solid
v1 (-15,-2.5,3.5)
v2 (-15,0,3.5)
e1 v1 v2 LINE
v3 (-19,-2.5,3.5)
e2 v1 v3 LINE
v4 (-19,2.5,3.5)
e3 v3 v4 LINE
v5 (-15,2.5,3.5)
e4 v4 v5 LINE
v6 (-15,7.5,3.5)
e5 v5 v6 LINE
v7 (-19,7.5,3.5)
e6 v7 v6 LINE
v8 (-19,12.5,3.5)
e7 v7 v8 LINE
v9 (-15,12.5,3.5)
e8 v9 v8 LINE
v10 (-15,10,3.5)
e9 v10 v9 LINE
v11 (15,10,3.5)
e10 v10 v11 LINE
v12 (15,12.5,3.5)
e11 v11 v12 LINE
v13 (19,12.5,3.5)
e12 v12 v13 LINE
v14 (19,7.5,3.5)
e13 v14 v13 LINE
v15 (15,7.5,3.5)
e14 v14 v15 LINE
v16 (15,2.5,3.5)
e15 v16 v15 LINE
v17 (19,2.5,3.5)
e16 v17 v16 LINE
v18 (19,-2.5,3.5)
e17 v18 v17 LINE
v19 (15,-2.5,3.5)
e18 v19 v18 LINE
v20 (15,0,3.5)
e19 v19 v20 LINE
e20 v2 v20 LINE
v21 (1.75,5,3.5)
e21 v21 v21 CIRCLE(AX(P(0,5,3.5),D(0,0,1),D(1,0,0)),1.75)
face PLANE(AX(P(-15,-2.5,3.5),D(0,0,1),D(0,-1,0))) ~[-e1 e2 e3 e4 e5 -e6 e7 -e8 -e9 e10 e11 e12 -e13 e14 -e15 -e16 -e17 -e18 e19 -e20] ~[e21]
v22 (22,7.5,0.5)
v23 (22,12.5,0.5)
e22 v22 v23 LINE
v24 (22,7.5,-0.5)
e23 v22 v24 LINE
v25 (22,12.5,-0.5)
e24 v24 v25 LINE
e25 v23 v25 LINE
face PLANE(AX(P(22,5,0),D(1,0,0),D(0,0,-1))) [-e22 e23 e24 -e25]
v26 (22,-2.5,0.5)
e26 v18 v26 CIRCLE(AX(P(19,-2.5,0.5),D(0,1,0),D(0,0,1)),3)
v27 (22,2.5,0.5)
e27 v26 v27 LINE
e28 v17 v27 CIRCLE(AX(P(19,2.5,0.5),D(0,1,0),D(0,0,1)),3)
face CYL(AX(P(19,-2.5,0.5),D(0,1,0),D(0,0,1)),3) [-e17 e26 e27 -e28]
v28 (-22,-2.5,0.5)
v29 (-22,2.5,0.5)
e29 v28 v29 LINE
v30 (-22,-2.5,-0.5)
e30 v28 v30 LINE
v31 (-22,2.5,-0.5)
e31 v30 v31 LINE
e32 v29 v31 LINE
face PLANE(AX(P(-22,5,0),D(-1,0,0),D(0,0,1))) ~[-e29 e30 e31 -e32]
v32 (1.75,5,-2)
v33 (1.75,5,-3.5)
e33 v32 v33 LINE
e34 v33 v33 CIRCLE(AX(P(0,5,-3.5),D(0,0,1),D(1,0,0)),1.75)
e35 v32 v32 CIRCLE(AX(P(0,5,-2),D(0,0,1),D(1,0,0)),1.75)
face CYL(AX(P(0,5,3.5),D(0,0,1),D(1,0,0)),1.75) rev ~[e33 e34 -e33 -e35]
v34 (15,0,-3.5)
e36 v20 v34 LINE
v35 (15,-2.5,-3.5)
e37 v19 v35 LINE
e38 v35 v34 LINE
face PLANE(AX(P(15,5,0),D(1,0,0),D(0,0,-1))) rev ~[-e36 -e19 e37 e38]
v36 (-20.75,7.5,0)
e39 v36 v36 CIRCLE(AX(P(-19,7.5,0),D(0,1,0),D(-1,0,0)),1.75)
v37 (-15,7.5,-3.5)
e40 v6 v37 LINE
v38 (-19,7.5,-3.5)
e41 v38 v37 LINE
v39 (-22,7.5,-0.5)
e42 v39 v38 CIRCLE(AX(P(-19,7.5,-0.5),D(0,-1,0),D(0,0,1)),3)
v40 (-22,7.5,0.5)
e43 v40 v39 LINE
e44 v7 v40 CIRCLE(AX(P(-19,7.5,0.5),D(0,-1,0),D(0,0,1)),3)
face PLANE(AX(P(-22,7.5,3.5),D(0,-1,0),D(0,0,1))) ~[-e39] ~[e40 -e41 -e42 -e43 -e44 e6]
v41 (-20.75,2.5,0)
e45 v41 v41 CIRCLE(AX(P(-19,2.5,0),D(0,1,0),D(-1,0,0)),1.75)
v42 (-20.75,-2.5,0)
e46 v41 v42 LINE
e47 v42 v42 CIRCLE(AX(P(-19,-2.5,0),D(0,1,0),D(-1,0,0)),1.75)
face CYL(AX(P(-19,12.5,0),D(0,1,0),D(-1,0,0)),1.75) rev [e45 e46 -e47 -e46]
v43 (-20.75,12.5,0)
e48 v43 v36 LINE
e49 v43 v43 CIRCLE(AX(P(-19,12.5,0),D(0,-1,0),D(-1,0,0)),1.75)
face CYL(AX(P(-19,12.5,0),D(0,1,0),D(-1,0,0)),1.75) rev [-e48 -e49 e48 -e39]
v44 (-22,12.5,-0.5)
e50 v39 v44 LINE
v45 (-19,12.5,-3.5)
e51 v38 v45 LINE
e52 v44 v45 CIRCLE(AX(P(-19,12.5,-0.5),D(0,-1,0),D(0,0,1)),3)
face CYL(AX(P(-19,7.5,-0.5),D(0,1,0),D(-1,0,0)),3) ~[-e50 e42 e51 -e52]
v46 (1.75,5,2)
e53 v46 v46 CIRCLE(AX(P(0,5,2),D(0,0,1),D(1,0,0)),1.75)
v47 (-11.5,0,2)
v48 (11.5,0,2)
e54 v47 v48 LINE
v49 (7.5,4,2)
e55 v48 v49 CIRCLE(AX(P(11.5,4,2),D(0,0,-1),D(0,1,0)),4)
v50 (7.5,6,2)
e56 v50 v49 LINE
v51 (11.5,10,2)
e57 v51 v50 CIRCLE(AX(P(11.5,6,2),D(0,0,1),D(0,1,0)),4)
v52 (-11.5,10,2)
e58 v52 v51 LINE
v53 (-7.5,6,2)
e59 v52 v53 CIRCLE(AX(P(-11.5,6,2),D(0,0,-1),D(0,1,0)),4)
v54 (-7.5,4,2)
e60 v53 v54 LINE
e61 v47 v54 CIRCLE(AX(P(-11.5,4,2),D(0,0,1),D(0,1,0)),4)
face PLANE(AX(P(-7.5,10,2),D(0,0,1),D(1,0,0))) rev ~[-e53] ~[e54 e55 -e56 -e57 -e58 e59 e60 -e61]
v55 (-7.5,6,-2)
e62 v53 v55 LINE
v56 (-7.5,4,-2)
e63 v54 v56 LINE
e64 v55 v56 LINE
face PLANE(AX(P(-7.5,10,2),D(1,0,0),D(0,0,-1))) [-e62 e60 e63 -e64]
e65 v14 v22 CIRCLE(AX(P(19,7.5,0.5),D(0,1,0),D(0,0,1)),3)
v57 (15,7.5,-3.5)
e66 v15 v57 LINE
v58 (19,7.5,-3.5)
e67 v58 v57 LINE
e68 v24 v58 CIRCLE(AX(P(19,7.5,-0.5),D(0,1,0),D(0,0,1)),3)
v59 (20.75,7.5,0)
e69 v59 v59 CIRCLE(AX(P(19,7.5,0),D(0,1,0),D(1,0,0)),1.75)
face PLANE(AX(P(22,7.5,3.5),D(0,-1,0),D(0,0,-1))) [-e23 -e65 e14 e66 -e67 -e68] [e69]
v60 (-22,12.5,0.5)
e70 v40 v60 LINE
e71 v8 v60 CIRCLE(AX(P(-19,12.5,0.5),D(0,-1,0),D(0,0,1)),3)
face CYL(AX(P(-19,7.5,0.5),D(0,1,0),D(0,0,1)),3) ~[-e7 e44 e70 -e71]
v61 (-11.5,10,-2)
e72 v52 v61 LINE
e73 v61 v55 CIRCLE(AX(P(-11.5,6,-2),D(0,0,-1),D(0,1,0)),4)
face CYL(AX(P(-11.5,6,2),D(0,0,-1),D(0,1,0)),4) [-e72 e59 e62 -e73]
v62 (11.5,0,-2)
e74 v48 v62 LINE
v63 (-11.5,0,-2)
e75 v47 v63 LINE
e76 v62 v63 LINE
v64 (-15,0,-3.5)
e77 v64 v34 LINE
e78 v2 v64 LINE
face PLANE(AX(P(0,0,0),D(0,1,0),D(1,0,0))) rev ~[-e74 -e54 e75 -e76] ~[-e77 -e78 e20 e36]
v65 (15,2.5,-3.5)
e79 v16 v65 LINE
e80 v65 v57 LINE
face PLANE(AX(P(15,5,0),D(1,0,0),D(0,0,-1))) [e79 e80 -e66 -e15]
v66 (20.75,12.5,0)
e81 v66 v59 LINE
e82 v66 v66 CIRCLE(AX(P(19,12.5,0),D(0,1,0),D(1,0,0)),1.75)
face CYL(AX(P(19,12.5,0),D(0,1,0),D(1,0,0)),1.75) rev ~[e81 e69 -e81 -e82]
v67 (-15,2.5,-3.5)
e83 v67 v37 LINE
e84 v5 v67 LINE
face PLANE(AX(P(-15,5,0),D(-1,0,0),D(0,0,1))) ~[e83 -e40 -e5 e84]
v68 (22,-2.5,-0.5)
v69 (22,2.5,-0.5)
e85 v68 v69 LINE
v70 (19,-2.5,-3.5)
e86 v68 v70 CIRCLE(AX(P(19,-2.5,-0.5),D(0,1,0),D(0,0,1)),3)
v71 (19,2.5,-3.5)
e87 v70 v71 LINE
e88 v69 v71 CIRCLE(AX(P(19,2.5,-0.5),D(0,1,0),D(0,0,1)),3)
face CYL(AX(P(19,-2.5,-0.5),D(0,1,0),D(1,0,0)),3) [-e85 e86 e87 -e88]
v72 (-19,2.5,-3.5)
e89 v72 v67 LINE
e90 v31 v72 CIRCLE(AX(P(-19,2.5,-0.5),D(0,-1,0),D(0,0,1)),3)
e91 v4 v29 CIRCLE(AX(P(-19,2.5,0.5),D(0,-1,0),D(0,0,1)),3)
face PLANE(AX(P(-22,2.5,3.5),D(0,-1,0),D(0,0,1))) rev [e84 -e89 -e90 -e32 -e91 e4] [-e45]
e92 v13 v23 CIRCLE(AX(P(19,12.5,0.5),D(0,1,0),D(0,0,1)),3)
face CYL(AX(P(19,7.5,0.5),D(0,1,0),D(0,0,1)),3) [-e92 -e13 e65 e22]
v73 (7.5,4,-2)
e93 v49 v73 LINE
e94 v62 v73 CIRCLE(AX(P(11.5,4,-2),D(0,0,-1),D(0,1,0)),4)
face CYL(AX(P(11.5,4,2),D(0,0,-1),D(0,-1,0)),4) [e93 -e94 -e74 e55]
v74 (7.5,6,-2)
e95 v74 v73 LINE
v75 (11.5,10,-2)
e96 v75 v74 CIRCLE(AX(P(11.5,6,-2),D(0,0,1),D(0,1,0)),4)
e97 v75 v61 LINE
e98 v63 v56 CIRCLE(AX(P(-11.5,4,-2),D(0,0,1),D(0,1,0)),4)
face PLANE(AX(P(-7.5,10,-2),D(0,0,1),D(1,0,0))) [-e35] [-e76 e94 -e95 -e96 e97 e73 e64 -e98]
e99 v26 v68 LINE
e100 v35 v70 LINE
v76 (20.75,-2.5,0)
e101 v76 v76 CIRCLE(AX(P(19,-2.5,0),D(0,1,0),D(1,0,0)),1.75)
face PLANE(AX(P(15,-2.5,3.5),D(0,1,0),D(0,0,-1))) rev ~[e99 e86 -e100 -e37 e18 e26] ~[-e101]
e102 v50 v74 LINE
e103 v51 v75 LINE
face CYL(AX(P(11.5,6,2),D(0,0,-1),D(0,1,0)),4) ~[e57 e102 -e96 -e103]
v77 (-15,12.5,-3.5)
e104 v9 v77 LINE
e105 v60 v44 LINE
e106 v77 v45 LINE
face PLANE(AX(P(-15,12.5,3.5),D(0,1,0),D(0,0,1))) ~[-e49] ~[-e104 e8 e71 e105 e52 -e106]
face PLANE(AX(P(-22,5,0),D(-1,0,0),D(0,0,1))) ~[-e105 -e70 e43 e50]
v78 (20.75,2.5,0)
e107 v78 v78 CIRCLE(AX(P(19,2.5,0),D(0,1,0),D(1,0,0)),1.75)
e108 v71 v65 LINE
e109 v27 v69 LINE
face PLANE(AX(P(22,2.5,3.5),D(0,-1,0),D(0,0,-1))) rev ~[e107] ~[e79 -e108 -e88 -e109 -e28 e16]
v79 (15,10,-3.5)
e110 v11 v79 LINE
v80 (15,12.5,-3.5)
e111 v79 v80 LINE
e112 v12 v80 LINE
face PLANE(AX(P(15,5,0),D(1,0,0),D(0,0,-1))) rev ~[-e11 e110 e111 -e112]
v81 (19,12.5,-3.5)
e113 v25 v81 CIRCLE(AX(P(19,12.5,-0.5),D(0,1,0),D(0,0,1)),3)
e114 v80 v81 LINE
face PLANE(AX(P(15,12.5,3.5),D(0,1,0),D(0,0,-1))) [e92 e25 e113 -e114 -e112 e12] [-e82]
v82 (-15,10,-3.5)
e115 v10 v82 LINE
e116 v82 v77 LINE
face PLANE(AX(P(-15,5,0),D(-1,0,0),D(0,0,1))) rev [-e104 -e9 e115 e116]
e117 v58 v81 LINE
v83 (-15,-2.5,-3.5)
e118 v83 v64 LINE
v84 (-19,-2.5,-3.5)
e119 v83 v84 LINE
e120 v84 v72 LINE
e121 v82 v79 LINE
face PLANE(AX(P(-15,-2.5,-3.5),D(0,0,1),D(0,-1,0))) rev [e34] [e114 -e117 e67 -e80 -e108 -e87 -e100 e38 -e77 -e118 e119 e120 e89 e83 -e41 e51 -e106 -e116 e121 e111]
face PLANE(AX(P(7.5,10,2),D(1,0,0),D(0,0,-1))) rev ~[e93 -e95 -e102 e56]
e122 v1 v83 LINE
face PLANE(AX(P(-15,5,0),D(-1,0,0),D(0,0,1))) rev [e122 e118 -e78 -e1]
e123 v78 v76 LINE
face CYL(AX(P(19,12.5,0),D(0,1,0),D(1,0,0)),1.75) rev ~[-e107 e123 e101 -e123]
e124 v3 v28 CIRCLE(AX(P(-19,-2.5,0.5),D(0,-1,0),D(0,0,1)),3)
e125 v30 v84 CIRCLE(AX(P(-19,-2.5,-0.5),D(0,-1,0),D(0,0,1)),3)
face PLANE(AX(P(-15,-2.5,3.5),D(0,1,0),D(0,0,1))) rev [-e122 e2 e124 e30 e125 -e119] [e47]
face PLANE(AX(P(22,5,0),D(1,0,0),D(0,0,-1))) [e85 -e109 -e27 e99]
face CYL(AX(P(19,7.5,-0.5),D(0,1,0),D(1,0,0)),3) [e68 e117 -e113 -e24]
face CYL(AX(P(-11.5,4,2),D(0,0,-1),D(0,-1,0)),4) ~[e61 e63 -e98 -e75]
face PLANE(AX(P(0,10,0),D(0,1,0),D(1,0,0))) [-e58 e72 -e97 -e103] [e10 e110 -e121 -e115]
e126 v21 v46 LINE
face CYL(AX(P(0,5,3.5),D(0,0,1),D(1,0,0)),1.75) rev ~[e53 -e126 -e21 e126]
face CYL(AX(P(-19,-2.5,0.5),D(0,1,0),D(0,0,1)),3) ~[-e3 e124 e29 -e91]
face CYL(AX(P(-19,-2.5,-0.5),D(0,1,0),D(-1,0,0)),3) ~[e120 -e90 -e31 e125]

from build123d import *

# Parameters (mm, degrees)
SKETCH1_W            = 30
SKETCH1_H            = 7
BOSS_EXTRUDE1_DEPTH  = 10
SKETCH2_W            = 15
SKETCH2_H            = 4
CUT_EXTRUDE1_DEPTH   = 10
SKETCH3_R            = 1.75
CUT_EXTRUDE2_DEPTH   = 10
FILLET1_R            = 4
SKETCH4_W            = 7
SKETCH4_H            = 15
BOSS_EXTRUDE2_DEPTH  = 7
SKETCH5_W            = 7
SKETCH5_H            = 5
CUT_EXTRUDE3_DEPTH   = 7
SKETCH6_R            = 1.75
CUT_EXTRUDE4_DEPTH   = 16
FILLET2_R            = 3
FILLET2_OF_MIRROR1_R = 3


with BuildPart() as part:
    # Sketch1 → Boss-Extrude1 (new body)
    with BuildSketch(Plane(origin=(0, 0, 0), x_dir=(1, 0, 0), z_dir=(0, 1, 0))):
        Rectangle(SKETCH1_W, SKETCH1_H)
    extrude(amount=BOSS_EXTRUDE1_DEPTH)

    # Sketch2 → Cut-Extrude1 (cut)
    with BuildSketch(Plane(origin=(0, 10, 0), x_dir=(1, 0, 0), z_dir=(0, 1, 0))):
        Rectangle(SKETCH2_W, SKETCH2_H)
    extrude(amount=-CUT_EXTRUDE1_DEPTH, mode=Mode.SUBTRACT)

    # Sketch3 → Cut-Extrude2 (cut)
    with BuildSketch(Plane.XY.offset(3.5)):
        with Locations((0, 5)):
            Circle(SKETCH3_R)
    extrude(amount=-CUT_EXTRUDE2_DEPTH, mode=Mode.SUBTRACT)

    # Fillet1
    fillet1_edges = [part.edges().sort_by_distance(p)[0] for p in [
        (7.5, 0, 0),
        (-7.5, 0, 0),
        (7.5, 10, 0),
        (-7.5, 10, 0),
    ]]
    fillet(fillet1_edges, radius=FILLET1_R)

    # Sketch4 → Boss-Extrude2 (add)
    with BuildSketch(Plane(origin=(15, 0, 0), x_dir=(0, 0, -1), z_dir=(1, 0, 0))):
        with Locations((0, 5)):
            Rectangle(SKETCH4_W, SKETCH4_H)
    boss_extrude2 = extrude(amount=BOSS_EXTRUDE2_DEPTH)

    # Sketch5 → Cut-Extrude3 (cut)
    with BuildSketch(Plane(origin=(22, 0, 0), x_dir=(0, 0, -1), z_dir=(1, 0, 0))):
        with Locations((0, 5)):
            Rectangle(SKETCH5_W, SKETCH5_H)
    cut_extrude3 = extrude(amount=-CUT_EXTRUDE3_DEPTH, mode=Mode.SUBTRACT)

    # Sketch6 → Cut-Extrude4 (cut, through all)
    with BuildSketch(Plane(origin=(0, 12.5, 0), x_dir=(1, 0, 0), z_dir=(0, 1, 0))):
        with Locations((19, 0)):
            Circle(SKETCH6_R)
    cut_extrude4 = extrude(amount=-CUT_EXTRUDE4_DEPTH, mode=Mode.SUBTRACT)

    # Fillet2
    fillet2_edges = [part.edges().sort_by_distance(p)[0] for p in [
        (22, 0, -3.5),
        (22, 10, 3.5),
        (22, 10, -3.5),
        (22, 0, 3.5),
    ]]
    fillet(fillet2_edges, radius=FILLET2_R)

    # Mirror1: Boss-Extrude2, Cut-Extrude3, Cut-Extrude4 across plane
    add(boss_extrude2.mirror(Plane(origin=(0, 0, 0), x_dir=(0, 0, 1), z_dir=(1, 0, 0))))
    add(cut_extrude3.mirror(Plane(origin=(0, 0, 0), x_dir=(0, 0, 1), z_dir=(1, 0, 0))), mode=Mode.SUBTRACT)
    add(cut_extrude4.mirror(Plane(origin=(0, 0, 0), x_dir=(0, 0, 1), z_dir=(1, 0, 0))), mode=Mode.SUBTRACT)

    # Fillet2 of Mirror1
    fillet2_of_mirror1_edges = [part.edges().sort_by_distance(p)[0] for p in [
        (-22, 0, -3.5),
        (-22, 10, 3.5),
        (-22, 10, -3.5),
        (-22, 0, 3.5),
    ]]
    fillet(fillet2_of_mirror1_edges, radius=FILLET2_OF_MIRROR1_R)


solid = part.part
